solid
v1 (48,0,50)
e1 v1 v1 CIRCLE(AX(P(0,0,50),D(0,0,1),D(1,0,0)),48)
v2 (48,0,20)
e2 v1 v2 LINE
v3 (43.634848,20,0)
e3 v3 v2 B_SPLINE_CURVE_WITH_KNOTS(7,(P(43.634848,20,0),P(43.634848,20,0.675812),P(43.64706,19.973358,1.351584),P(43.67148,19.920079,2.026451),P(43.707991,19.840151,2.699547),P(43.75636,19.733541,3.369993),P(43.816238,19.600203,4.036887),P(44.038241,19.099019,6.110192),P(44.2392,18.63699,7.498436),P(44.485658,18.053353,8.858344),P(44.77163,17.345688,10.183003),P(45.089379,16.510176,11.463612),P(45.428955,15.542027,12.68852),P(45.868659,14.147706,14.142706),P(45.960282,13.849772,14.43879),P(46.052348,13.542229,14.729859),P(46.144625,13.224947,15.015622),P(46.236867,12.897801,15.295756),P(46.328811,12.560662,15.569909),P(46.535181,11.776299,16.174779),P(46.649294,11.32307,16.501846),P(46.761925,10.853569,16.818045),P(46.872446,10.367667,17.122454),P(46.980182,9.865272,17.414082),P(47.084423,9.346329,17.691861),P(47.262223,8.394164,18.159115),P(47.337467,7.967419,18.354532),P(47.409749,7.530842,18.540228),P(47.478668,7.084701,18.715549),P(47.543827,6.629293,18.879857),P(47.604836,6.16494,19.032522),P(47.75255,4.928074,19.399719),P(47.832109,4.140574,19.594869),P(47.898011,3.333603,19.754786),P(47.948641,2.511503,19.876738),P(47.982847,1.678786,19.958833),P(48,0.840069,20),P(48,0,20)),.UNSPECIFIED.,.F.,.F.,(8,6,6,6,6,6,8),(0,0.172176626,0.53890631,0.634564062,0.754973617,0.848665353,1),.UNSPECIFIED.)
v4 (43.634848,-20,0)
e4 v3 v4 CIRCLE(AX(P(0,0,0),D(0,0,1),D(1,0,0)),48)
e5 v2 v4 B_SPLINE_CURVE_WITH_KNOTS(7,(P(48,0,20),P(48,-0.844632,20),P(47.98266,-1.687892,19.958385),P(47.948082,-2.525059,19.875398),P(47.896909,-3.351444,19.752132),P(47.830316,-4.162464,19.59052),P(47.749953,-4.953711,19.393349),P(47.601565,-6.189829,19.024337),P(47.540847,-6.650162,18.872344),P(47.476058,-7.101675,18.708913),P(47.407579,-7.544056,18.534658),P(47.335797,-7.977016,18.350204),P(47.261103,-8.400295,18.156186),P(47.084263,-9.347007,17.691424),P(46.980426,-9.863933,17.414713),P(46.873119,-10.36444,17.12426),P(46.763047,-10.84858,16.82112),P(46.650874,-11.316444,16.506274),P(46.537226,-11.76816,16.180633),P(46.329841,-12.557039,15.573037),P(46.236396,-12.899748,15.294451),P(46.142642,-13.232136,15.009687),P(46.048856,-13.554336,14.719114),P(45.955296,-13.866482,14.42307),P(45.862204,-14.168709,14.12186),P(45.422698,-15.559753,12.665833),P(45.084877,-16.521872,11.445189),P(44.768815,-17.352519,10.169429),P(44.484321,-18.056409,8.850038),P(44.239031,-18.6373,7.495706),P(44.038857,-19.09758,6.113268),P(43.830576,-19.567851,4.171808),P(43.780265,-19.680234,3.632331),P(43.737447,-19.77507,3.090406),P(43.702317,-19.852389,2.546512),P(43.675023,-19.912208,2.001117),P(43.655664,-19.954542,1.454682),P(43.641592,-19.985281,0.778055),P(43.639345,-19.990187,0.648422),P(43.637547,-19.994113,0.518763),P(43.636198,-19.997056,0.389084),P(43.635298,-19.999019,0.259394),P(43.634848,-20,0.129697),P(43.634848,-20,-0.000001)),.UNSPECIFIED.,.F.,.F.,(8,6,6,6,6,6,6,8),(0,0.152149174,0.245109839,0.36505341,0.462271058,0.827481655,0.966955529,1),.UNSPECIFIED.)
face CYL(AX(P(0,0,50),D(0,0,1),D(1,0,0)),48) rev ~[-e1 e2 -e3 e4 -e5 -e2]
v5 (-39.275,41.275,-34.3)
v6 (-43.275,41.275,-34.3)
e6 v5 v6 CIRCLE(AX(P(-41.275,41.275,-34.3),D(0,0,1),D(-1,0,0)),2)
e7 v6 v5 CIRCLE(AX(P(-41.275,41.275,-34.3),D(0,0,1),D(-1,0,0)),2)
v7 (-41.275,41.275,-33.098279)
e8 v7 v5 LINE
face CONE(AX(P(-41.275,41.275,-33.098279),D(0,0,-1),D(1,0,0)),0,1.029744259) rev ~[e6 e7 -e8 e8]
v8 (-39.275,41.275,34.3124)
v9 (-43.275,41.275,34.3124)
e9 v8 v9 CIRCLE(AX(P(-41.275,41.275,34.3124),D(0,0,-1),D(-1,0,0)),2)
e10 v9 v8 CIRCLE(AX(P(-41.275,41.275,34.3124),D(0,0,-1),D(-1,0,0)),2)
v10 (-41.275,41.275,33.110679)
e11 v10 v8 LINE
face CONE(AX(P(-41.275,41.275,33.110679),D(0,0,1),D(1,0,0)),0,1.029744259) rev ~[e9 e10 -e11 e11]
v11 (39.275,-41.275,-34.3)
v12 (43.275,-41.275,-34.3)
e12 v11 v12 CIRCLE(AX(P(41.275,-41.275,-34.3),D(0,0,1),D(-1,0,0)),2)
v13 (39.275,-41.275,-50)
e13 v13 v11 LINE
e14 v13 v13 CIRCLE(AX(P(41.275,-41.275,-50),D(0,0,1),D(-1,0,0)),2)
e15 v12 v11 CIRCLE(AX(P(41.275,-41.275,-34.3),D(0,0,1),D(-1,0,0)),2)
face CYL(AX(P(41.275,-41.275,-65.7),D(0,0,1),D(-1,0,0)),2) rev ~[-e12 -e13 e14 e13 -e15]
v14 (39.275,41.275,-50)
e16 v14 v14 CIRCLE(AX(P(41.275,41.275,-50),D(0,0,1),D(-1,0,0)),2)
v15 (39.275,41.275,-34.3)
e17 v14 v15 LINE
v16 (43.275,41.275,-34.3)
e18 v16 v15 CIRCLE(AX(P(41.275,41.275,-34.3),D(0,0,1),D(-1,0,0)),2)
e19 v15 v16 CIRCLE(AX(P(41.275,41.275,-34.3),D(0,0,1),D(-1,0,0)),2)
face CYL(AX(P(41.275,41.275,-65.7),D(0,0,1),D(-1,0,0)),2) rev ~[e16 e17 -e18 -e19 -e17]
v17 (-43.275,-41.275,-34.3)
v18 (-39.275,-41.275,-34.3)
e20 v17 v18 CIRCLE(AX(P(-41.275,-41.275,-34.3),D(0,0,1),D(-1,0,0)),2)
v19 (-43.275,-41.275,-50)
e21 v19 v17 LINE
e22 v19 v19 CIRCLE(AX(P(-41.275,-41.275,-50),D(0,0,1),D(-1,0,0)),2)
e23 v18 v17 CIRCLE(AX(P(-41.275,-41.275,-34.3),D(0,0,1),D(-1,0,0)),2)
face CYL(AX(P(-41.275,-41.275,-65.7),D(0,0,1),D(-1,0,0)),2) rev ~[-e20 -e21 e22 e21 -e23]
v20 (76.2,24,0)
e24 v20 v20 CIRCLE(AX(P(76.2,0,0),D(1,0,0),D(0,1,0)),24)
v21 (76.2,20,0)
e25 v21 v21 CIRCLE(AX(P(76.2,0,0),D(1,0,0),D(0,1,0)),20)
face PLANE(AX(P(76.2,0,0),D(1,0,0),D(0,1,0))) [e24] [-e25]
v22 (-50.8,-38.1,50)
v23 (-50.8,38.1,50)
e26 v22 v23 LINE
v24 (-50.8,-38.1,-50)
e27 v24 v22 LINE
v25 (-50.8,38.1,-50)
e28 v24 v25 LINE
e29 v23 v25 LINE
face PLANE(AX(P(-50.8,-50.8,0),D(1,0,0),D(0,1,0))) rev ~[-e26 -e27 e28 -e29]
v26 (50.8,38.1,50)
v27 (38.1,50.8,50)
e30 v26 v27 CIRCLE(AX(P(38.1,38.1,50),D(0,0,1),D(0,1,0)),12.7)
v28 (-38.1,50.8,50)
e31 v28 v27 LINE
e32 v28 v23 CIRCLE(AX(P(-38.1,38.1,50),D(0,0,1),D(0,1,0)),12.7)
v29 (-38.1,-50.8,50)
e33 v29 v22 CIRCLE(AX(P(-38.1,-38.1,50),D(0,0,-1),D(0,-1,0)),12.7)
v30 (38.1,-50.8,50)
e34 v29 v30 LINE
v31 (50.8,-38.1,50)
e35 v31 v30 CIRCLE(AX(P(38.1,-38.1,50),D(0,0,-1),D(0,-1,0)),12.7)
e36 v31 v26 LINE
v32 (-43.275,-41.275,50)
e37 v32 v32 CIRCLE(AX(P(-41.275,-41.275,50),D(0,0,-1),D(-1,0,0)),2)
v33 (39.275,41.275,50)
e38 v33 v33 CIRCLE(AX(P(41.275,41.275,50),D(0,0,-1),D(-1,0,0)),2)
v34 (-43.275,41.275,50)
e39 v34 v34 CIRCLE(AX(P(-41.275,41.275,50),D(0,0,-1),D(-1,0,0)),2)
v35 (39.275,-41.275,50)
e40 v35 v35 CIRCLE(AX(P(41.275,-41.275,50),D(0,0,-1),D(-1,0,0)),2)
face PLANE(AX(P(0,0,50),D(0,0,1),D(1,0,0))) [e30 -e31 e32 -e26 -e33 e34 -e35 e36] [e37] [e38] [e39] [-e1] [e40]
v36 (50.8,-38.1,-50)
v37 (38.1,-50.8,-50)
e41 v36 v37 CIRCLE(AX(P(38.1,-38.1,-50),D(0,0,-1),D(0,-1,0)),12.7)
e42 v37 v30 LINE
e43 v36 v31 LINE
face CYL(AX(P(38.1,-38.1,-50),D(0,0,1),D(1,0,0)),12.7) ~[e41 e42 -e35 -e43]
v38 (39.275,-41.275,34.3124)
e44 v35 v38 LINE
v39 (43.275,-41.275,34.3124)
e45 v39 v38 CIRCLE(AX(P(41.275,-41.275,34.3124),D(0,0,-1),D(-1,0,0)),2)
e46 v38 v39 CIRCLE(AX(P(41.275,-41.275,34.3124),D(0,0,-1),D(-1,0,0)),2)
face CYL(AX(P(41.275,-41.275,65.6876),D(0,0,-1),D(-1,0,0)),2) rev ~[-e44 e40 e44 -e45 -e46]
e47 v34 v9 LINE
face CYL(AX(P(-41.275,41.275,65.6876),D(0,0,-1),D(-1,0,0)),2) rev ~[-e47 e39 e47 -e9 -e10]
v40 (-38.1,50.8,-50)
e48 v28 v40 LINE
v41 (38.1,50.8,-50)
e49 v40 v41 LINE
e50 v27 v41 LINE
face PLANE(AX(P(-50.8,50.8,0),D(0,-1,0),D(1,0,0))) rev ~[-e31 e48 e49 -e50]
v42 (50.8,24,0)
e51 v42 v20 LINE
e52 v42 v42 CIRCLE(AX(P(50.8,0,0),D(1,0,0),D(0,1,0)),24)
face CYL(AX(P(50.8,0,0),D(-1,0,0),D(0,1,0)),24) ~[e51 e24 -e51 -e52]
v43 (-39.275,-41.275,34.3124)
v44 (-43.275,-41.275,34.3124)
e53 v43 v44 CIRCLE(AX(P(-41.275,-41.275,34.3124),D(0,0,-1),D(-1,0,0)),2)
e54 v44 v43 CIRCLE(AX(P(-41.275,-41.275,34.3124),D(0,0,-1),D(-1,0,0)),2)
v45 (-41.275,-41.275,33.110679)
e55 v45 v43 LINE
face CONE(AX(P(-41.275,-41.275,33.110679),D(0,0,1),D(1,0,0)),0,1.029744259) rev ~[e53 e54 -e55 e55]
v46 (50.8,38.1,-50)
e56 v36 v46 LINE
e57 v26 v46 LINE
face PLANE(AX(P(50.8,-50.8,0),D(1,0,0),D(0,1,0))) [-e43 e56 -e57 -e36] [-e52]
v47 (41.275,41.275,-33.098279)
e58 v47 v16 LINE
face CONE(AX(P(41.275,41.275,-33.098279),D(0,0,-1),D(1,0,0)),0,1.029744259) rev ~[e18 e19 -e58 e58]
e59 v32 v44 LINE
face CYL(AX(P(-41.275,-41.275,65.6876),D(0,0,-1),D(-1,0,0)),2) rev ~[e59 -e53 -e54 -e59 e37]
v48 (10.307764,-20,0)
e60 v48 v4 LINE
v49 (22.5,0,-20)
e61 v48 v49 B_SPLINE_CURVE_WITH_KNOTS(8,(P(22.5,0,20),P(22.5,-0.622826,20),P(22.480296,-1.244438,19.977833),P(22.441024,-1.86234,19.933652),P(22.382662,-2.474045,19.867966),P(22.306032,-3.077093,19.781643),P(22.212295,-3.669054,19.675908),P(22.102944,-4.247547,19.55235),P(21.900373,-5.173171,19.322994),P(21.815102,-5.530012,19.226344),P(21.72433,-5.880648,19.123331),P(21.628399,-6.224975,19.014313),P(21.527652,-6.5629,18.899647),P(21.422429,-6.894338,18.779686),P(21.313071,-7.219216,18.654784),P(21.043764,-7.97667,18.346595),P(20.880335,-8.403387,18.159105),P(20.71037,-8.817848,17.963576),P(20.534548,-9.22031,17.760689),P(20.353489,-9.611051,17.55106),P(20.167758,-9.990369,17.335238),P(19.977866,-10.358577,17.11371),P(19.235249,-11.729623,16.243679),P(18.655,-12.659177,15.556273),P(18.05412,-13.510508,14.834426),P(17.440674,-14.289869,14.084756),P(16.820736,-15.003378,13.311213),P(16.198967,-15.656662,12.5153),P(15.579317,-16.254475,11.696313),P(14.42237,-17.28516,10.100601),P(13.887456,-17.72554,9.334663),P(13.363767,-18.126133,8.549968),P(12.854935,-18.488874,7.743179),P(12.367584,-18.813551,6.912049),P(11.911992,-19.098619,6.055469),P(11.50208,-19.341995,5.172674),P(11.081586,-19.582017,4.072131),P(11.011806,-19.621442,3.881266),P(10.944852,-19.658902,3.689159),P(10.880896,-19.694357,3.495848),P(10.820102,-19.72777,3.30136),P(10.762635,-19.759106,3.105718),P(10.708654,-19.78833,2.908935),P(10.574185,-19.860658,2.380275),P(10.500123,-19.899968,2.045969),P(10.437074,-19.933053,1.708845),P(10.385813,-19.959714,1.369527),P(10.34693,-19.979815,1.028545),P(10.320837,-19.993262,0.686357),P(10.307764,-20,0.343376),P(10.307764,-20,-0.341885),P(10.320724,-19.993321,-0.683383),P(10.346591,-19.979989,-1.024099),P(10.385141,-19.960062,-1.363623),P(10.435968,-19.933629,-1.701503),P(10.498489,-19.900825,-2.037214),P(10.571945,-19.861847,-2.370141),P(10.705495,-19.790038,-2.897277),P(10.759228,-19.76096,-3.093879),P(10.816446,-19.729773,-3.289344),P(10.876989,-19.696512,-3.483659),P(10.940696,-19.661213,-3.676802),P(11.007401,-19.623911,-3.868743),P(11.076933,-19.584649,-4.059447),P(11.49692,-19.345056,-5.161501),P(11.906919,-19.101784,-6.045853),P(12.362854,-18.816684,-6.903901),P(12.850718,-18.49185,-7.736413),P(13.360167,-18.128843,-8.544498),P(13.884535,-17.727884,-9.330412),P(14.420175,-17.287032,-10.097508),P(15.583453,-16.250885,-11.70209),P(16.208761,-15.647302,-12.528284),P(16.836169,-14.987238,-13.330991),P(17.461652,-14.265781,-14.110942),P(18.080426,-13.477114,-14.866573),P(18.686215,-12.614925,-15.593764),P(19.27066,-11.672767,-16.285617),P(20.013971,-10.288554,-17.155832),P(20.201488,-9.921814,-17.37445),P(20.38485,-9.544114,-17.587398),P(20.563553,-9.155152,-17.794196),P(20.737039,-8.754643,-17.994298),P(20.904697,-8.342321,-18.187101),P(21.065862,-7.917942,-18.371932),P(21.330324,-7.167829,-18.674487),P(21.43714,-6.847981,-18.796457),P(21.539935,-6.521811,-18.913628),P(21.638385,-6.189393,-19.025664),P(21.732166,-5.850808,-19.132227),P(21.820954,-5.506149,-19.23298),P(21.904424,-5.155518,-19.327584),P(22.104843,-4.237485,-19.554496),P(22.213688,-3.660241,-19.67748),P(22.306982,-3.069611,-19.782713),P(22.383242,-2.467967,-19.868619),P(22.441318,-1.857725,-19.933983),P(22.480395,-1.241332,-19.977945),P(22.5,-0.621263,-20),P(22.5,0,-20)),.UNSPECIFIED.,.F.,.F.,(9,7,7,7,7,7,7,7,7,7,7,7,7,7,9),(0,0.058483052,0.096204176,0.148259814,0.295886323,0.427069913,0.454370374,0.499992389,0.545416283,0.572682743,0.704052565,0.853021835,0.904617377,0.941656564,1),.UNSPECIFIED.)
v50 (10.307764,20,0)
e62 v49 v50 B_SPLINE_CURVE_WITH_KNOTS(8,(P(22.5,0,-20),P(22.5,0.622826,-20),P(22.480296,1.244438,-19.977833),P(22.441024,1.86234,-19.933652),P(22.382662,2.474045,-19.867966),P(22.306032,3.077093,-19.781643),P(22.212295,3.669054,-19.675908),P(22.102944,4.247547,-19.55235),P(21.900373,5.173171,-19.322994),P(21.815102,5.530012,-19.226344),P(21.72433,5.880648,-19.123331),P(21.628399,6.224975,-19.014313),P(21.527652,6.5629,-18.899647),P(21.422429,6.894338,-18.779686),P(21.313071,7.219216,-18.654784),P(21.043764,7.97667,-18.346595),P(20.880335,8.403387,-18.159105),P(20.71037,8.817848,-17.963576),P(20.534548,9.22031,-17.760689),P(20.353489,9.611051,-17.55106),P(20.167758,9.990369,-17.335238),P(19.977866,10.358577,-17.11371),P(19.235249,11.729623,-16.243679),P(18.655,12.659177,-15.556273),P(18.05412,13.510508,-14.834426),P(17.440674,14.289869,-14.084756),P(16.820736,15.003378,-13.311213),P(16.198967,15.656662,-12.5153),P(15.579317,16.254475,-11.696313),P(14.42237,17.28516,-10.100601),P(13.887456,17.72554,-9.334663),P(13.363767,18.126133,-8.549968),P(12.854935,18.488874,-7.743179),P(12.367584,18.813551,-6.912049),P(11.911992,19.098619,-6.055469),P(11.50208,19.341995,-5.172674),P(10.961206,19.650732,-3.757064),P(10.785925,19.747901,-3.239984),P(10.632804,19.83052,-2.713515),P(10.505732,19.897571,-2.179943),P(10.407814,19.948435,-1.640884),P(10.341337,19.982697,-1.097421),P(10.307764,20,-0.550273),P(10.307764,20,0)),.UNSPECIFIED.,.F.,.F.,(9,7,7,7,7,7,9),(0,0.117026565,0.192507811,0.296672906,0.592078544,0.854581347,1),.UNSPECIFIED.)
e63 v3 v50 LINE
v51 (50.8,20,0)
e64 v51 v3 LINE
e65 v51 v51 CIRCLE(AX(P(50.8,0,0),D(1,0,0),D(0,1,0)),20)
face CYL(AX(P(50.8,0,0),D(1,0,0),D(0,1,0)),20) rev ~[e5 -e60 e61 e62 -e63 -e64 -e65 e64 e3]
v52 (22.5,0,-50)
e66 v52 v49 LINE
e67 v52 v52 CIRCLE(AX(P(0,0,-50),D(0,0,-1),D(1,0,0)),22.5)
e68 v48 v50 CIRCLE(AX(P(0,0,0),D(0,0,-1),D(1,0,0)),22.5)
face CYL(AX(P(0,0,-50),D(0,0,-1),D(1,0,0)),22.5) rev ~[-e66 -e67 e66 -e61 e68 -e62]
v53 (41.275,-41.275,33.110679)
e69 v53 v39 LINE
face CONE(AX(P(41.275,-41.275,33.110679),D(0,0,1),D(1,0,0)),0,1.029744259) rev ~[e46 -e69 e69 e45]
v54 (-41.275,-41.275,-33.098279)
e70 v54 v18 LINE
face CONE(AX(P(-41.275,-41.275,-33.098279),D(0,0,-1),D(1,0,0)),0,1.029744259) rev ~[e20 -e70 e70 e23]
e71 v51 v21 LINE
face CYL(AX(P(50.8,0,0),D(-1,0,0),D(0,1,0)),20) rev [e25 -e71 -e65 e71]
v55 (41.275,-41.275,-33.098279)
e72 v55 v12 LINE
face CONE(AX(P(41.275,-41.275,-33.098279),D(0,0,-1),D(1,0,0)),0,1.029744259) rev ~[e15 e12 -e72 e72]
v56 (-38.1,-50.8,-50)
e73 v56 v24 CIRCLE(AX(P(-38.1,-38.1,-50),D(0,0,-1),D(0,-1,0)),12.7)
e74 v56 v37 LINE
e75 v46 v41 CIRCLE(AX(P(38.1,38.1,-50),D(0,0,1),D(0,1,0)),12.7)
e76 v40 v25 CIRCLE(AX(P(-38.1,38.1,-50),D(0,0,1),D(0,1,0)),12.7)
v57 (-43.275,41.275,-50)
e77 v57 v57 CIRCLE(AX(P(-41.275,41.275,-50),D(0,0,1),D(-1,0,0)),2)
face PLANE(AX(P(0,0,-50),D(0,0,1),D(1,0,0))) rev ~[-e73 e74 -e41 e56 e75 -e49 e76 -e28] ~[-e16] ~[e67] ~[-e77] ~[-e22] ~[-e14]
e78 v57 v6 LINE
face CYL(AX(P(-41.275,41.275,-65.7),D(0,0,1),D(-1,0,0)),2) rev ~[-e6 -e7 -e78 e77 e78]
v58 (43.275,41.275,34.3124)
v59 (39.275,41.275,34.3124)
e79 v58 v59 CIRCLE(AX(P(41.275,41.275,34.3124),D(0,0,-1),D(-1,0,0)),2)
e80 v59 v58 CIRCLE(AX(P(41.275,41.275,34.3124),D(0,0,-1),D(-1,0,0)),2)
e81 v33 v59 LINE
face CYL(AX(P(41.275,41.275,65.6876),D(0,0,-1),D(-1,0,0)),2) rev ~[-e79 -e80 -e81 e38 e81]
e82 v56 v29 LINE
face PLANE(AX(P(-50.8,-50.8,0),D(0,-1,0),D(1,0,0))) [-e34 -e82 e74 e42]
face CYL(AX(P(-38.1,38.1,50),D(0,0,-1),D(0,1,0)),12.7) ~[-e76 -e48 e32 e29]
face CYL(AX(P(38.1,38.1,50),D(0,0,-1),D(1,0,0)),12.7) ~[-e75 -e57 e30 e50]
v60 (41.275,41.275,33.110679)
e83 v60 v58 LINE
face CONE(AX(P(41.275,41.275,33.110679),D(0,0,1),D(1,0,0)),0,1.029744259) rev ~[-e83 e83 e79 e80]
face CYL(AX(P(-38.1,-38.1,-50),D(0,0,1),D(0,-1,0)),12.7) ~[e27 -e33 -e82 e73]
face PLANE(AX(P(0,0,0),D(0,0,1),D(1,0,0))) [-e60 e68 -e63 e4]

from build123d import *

# Parameters (mm, degrees)
F0_W      = 101.6
F0_H      = 101.6
F0_R      = 48
F1_DEPTH  = 50
F2_R      = 20
F3_DEPTH  = 50.8
F4_R      = 48
F5_DEPTH  = 50
F6_R      = 22.5
F7_DEPTH  = 100.0010001
F8_R      = 24
F8_R_2    = 20
F9_DEPTH  = 25.4
F10_R     = 12.7
F12_D     = 4
F12_DEPTH = 15.6876
F12_TIP   = 1.2017212381
F14_D     = 4
F14_DEPTH = 15.7
F14_TIP   = 1.2017212381


with BuildPart() as f1:
    # F0 (on Top) → F1 (new body, symmetric)
    with BuildSketch(Plane.XY):
        Rectangle(F0_W, F0_H)
        Circle(F0_R, mode=Mode.SUBTRACT)
        Circle(F0_R)
    extrude(amount=F1_DEPTH, both=True)

    # F2 (on face) → F3 (cut)
    with BuildSketch(Plane.YZ.offset(50.8)):
        Circle(F2_R)
    extrude(amount=-F3_DEPTH, mode=Mode.SUBTRACT)

    # F4 (on face) → F5 (cut)
    with BuildSketch(Plane.XY.offset(50)):
        Circle(F4_R)
    extrude(amount=-F5_DEPTH, mode=Mode.SUBTRACT)

    # F6 (on face) → F7 (cut, through all)
    with BuildSketch(Plane(origin=(0, 0, -50), x_dir=(1, 0, 0), z_dir=(0, 0, -1))):
        Circle(F6_R)
    extrude(amount=-F7_DEPTH, mode=Mode.SUBTRACT)

    # F8 (on face) → F9 (join)
    with BuildSketch(Plane.YZ.offset(50.8)):
        Circle(F8_R)
        Circle(F8_R_2, mode=Mode.SUBTRACT)
    extrude(amount=F9_DEPTH)

    # F10
    f10_edges = [f1.edges().sort_by_distance(p)[0] for p in [
        (50.8, -50.8, 0),
        (-50.8, -50.8, 0),
        (50.8, 50.8, 0),
        (-50.8, 50.8, 0),
    ]]
    fillet(f10_edges, radius=F10_R)

    # F12
    with Locations(Plane.XY.offset(50)):
        with Locations((-41.275, 41.275), (41.275, 41.275), (41.275, -41.275), (-41.275, -41.275)):
            Hole(F12_D / 2, depth=F12_DEPTH)
            with Locations((0, 0, -(F12_DEPTH + F12_TIP / 2))):  # 118° drill point
                Cone(0, F12_D / 2, F12_TIP, mode=Mode.SUBTRACT)

    # F14
    with Locations(Plane(origin=(0, 0, -50), x_dir=(1, 0, 0), z_dir=(0, 0, -1))):
        with Locations((-41.275, 41.275), (41.275, 41.275), (-41.275, -41.275), (41.275, -41.275)):
            Hole(F14_D / 2, depth=F14_DEPTH)
            with Locations((0, 0, -(F14_DEPTH + F14_TIP / 2))):  # 118° drill point
                Cone(0, F14_D / 2, F14_TIP, mode=Mode.SUBTRACT)


solid = f1.part
